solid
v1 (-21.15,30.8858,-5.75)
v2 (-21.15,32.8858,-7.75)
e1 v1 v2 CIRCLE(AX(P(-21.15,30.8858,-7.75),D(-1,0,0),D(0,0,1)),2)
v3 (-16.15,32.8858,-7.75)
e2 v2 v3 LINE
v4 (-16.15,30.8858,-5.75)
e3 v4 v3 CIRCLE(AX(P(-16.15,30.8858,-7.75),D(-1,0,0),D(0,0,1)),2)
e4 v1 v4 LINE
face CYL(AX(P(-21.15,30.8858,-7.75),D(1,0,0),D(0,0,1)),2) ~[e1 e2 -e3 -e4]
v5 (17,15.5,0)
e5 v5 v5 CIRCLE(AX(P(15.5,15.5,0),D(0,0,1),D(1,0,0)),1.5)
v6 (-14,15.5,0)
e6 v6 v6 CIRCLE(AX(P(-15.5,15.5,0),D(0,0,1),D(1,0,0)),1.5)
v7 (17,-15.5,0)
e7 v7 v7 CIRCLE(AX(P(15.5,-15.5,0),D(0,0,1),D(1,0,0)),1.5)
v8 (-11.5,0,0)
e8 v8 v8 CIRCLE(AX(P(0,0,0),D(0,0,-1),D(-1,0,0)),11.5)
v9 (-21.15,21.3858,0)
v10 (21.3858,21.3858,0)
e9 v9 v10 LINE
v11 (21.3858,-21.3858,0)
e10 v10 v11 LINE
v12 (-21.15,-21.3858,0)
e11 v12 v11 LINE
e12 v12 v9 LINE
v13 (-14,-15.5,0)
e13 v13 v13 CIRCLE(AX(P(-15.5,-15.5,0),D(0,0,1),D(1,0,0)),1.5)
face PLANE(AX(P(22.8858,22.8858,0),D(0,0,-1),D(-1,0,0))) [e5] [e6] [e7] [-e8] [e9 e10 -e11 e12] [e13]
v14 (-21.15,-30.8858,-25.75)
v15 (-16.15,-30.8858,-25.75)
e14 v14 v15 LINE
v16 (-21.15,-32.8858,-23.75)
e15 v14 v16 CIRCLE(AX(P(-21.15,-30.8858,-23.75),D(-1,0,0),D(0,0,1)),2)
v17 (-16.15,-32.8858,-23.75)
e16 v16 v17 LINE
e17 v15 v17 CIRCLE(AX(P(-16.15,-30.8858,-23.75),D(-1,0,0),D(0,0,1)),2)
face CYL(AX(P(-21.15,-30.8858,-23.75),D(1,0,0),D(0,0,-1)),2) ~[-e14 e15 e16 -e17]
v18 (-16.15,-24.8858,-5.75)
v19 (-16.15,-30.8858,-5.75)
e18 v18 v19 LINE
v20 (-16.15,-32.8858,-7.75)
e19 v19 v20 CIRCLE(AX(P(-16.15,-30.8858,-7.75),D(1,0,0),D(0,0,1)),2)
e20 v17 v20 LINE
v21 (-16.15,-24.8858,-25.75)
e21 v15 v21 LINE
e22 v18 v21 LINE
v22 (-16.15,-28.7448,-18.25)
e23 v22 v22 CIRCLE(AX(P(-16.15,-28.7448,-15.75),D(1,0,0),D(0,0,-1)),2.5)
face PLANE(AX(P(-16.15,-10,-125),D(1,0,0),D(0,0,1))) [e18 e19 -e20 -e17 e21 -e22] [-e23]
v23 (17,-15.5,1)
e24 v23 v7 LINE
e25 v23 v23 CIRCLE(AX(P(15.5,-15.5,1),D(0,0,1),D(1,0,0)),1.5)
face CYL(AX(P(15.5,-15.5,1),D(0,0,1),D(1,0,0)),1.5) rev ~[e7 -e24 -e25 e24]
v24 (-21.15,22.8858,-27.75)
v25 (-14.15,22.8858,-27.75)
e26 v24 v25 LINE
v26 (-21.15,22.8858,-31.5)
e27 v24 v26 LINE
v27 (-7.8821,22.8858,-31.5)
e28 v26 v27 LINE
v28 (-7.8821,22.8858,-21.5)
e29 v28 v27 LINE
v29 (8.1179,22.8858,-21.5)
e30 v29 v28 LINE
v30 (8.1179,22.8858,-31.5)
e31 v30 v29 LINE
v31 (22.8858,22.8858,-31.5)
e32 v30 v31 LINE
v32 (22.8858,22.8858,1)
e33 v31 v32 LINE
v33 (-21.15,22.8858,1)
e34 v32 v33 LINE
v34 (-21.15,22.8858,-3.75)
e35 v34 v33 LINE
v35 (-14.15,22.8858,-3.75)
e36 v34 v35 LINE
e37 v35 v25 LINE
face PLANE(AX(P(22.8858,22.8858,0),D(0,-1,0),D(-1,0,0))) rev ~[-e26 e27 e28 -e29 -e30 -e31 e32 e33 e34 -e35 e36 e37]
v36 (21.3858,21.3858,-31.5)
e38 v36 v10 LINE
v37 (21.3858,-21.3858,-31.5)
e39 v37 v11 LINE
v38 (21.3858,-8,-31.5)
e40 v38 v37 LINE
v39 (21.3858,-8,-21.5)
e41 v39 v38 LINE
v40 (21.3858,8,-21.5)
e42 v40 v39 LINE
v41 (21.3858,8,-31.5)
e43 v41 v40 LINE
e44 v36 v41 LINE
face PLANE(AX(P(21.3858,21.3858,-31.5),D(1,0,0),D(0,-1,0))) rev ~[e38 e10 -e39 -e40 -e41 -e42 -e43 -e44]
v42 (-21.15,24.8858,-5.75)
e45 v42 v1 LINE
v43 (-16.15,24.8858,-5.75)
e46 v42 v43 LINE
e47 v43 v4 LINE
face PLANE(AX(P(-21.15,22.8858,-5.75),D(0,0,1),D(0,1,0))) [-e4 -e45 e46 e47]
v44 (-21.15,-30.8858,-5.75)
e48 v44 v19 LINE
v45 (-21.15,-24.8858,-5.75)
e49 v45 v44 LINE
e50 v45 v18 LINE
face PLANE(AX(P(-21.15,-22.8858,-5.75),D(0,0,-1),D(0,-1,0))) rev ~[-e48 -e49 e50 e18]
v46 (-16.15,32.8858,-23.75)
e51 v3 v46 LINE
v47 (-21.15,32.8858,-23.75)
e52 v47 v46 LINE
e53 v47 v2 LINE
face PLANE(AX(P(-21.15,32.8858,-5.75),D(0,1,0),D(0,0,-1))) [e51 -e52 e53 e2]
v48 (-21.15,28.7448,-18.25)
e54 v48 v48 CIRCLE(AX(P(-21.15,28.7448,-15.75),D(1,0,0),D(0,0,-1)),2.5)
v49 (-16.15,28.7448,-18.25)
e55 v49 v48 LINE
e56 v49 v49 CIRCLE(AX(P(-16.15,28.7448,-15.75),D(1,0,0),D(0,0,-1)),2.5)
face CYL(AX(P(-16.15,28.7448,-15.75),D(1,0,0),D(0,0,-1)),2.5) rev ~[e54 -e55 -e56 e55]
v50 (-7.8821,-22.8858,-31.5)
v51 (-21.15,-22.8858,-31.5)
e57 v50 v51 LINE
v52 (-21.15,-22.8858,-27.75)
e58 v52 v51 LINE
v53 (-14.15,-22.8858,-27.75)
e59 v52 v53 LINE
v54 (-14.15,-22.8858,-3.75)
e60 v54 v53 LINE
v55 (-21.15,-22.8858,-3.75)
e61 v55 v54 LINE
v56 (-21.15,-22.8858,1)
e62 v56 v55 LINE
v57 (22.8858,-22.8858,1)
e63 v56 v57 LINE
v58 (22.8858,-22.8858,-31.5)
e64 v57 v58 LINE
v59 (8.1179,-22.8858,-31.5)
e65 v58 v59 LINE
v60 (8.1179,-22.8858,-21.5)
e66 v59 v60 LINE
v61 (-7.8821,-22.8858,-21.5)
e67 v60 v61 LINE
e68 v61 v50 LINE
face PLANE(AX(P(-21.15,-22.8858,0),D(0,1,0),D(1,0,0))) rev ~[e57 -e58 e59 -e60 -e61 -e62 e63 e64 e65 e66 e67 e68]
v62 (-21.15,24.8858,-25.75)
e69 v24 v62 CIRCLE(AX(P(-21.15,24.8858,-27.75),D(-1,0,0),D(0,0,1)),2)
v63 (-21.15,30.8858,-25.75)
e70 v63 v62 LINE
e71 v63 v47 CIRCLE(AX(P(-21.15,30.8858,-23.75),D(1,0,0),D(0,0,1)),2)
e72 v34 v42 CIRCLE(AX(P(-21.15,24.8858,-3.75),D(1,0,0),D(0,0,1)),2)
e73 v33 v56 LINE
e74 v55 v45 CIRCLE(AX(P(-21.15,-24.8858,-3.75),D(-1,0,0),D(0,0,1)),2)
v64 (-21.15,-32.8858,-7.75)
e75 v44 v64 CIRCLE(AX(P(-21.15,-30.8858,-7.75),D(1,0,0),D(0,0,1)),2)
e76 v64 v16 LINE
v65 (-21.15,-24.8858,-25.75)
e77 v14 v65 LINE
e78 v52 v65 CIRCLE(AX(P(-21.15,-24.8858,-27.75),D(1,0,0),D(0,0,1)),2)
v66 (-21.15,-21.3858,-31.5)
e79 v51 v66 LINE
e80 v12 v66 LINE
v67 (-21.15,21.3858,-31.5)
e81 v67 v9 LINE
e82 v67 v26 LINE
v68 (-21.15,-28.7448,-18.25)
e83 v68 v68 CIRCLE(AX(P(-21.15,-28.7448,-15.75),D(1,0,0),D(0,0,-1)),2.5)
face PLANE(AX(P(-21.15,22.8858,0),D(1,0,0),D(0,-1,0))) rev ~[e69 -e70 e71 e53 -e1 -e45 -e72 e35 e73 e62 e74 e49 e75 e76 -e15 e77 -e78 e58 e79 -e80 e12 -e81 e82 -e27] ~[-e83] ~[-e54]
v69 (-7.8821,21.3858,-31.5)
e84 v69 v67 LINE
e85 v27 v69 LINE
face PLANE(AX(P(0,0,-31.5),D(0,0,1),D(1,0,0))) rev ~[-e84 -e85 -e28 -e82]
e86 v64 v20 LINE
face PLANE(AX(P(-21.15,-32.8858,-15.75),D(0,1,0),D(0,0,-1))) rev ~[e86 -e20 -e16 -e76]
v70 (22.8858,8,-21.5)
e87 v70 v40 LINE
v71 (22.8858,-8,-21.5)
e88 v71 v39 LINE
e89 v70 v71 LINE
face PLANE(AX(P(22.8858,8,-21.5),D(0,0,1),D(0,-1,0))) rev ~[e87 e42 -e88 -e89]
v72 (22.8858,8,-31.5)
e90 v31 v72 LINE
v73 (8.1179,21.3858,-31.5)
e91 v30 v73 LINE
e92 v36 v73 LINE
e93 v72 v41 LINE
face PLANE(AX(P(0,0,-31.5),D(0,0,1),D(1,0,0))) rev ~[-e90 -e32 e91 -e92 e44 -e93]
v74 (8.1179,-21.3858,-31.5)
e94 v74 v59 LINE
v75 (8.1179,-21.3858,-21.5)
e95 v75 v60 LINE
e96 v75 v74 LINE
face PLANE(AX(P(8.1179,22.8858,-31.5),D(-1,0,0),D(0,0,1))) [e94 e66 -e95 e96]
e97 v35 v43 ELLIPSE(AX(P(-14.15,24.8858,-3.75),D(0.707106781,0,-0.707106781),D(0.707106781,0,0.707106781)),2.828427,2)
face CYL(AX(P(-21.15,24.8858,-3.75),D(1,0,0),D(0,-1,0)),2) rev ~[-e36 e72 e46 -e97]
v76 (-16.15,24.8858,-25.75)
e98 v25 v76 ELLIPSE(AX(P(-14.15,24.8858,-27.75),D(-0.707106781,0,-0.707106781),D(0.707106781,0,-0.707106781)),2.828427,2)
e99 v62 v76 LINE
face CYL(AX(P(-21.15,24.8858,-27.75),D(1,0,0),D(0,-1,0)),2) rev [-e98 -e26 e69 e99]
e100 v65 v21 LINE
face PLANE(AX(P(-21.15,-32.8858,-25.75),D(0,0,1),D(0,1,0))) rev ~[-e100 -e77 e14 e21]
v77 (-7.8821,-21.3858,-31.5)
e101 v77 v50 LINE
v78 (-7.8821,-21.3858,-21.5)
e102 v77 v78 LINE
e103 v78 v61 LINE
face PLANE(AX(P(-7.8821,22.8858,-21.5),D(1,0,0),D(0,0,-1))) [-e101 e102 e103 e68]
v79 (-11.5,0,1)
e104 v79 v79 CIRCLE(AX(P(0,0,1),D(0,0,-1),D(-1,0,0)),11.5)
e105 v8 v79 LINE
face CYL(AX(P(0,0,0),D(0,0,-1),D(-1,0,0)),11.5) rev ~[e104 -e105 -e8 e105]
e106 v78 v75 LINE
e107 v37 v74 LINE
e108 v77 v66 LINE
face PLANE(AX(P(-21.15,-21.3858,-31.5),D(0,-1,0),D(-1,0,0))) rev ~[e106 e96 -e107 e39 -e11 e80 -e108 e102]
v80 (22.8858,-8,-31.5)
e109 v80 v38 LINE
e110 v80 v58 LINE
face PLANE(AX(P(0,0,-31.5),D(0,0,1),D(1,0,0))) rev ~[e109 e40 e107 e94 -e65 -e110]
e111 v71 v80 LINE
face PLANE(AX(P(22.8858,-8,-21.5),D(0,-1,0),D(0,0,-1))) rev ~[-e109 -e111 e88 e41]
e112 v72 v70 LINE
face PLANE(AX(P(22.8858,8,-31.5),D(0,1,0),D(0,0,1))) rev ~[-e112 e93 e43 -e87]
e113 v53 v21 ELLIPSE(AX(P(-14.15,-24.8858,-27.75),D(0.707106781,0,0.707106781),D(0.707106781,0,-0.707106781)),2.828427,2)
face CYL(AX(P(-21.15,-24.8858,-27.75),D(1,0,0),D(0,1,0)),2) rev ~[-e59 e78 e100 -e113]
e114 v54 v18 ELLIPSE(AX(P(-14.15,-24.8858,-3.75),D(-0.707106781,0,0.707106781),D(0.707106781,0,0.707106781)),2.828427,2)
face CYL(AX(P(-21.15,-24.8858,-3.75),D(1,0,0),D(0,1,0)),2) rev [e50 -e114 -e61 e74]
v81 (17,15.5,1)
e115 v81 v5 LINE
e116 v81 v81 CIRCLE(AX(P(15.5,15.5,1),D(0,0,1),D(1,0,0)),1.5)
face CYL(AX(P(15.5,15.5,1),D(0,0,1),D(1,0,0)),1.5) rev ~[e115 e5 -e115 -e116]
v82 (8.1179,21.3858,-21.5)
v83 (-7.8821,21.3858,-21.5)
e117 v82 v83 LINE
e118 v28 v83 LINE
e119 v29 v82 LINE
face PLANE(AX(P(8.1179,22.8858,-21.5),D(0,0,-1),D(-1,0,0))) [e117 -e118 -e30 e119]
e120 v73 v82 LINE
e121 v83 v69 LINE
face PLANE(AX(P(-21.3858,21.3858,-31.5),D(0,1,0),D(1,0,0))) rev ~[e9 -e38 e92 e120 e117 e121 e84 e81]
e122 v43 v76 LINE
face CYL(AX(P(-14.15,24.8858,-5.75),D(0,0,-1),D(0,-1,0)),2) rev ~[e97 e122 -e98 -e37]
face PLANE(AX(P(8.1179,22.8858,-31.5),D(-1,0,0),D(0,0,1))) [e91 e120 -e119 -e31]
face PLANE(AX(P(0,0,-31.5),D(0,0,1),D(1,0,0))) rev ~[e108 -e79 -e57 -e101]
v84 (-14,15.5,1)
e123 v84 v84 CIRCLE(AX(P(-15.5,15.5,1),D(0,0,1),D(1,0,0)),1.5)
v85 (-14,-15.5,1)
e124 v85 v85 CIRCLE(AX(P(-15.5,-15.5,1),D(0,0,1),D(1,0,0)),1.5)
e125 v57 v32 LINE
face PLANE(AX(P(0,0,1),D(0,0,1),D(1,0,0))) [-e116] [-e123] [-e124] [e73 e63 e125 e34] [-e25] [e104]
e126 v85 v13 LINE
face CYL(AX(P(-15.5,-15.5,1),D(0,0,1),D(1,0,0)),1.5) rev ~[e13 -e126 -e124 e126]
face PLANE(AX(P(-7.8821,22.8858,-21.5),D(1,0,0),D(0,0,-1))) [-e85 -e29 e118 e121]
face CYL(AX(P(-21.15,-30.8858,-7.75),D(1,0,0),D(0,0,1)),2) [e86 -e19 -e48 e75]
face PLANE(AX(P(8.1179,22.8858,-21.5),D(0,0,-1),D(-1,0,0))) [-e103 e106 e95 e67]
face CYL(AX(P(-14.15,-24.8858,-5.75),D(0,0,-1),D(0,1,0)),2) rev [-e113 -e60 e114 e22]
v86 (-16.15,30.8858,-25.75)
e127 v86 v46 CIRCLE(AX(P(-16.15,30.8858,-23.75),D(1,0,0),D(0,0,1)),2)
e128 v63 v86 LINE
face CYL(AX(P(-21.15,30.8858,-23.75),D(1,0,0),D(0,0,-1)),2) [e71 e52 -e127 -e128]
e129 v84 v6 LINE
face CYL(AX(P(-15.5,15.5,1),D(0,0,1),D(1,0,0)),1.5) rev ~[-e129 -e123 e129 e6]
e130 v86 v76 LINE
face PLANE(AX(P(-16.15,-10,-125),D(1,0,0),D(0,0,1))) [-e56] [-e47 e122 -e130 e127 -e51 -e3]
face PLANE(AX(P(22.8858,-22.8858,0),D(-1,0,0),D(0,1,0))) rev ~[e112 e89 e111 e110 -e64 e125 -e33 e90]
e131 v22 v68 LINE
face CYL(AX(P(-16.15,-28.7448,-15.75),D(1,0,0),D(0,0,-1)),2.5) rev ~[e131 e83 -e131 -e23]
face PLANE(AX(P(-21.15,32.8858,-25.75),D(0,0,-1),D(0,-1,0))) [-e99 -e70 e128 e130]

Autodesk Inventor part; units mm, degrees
ref_plane "YZ Plane" through (0, 0, 0) normal (1, 0, 0) x (0, 1, 0)
ref_plane "XZ Plane" through (0, 0, 0) normal (0, 1, 0) x (-1, 0, 0)
sketch "Sketch1" plane through (0, 0, 0) normal (0, 0, 1) x (1, 0, 0)
  line L0 (20.0607, 17.4322) -> (17.4322, 20.0607) construction
  arc A0 (17.4322, 20.0607) -> (16.3716, 20.5) centre (16.3716, 19) ccw construction
  line L1 (16.3716, 20.5) -> (-16.3716, 20.5) construction
  arc A1 (-16.3716, 20.5) -> (-17.4322, 20.0607) centre (-16.3716, 19) ccw construction
  line L2 (-17.4322, 20.0607) -> (-20.0607, 17.4322) construction
  arc A2 (-20.0607, 17.4322) -> (-20.5, 16.3716) centre (-19, 16.3716) ccw construction
  line L3 (-20.5, 16.3716) -> (-20.5, -16.3716) construction
  arc A3 (-20.5, -16.3716) -> (-20.0607, -17.4322) centre (-19, -16.3716) ccw construction
  line L4 (-20.0607, -17.4322) -> (-17.4322, -20.0607) construction
  arc A4 (-17.4322, -20.0607) -> (-16.3716, -20.5) centre (-16.3716, -19) ccw construction
  line L5 (-16.3716, -20.5) -> (16.3716, -20.5) construction
  arc A5 (16.3716, -20.5) -> (17.4322, -20.0607) centre (16.3716, -19) ccw construction
  line L6 (17.4322, -20.0607) -> (20.0607, -17.4322) construction
  arc A6 (20.0607, -17.4322) -> (20.5, -16.3716) centre (19, -16.3716) ccw construction
  line L7 (20.5, -16.3716) -> (20.5, 16.3716) construction
  arc A7 (20.5, 16.3716) -> (20.0607, 17.4322) centre (19, 16.3716) ccw construction
  circle A8 centre (0, 0) radius 16.5 construction
  circle A9 centre (15.5, 15.5) radius 1.55 construction
  circle A10 centre (15.5, -15.5) radius 1.55 construction
  circle A11 centre (-15.5, -15.5) radius 1.55 construction
  circle A12 centre (-15.5, 15.5) radius 1.55 construction
  line L8 (0, 0) -> (-20.3858, 0) construction
  line L9 (-20.3858, 0) -> (-20.3858, -20.3858) construction
  line L10 (-20.3858, -20.3858) -> (0, -20.3858) construction
  line L11 (0, -20.3858) -> (0, 0) construction
  line L12 (0, 0) -> (-20.3858, 0) construction
  line L13 (-20.3858, 0) -> (-20.3858, 20.3858) construction
  line L14 (-20.3858, 20.3858) -> (0, 20.3858) construction
  line L15 (0, 20.3858) -> (0, 0) construction
  line L16 (0, 0) -> (20.3858, 0) construction
  line L17 (20.3858, 0) -> (20.3858, 20.3858) construction
  line L18 (20.3858, 20.3858) -> (0, 20.3858) construction
  line L19 (0, 20.3858) -> (0, 0) construction
  line L20 (0, 0) -> (20.3858, 0) construction
  line L21 (20.3858, 0) -> (20.3858, -20.3858) construction
  line L22 (20.3858, -20.3858) -> (0, -20.3858) construction
  line L23 (0, -20.3858) -> (0, 0) construction
  line L24 (-20.3858, -20.3858) -> (20.3858, -20.3858)
  line L25 (20.3858, -20.3858) -> (20.3858, 20.3858)
  line L26 (20.3858, 20.3858) -> (-20.3858, 20.3858)
  line L27 (-20.3858, 20.3858) -> (-20.3858, -20.3858)
  line L28 (-21.15, -107.4) -> (-21.15, 107.4) projected
  line L29 (-21.15, 22.8858) -> (22.8858, 22.8858)
  line L30 (22.8858, 22.8858) -> (22.8858, -22.8858)
  line L31 (22.8858, -22.8858) -> (-21.15, -22.8858)
  point P0 (0, 0)
  dimension "d0" = 2.5
ref_plane "Work Plane1" through (-21.15, -21.15, -31.5) normal (0, 0, -1) x (0, 1, 0)
extrude "Extrusion1" add sketch "Sketch1" against normal up to surface (31.5 mm away)
ref_plane "Work Plane2" through (-21.15, -10, -125) normal (1, 0, 0) x (0, 0, 1)
sketch "Sketch2" plane through (-21.15, -10, -125) normal (1, 0, 0) x (0, 0, 1)
  line L0 (125, 12.8858) -> (125, -32.8858) projected
  line L1 (93.5, 12.8858) -> (93.5, -32.8858) projected
  line L2 (125, -32.8858) -> (93.5, -32.8858) projected
  line L3 (125, 12.8858) -> (125, -32.8858) projected
  line L4 (125, 12.8858) -> (93.5, 12.8858) projected
  line L5 (125, -10) -> (93.5, -10) construction
  line L6 (109.25, 12.8858) -> (109.25, -32.8858) construction
  line L7 (109.25, -32.8858) -> (119.25, -32.8858) construction
  line L8 (119.25, -32.8858) -> (119.25, -42.8858)
  line L9 (119.25, -42.8858) -> (109.25, -42.8858)
  line L10 (109.25, -42.8858) -> (109.25, -32.8858) construction
  line L11 (109.25, -42.8858) -> (99.25, -42.8858)
  line L12 (99.25, -42.8858) -> (99.25, -32.8858)
  line L13 (99.25, -32.8858) -> (109.25, -32.8858) construction
  line L14 (109.25, -32.8858) -> (109.25, -42.8858) construction
  line L15 (125, 12.8858) -> (93.5, 12.8858)
  line L16 (119.25, 12.8858) -> (119.25, 22.8858)
  line L17 (119.25, 22.8858) -> (109.25, 22.8858)
  line L18 (109.25, 22.8858) -> (99.25, 22.8858)
  line L19 (99.25, 22.8858) -> (99.25, 12.8858)
  dimension "d3" = 10
  dimension "d4" = 10
  dimension "d5" = 10
  dimension "d6" = 10
extrude "Extrusion2" add sketch "Sketch2" along normal blind 5 contours L4 L19 L18 L17 L16 | L8 L9 L11 L12 L2
sketch "Sketch3" plane through (0, 0, 0) normal (0, 0, 1) x (1, 0, 0)
  line L0 (22.8858, 22.8858) -> (-21.15, 22.8858) projected
  line L1 (-21.15, 22.8858) -> (-21.15, -22.8858) projected
  line L2 (22.8858, 22.8858) -> (-21.15, 22.8858)
  line L3 (-21.15, 22.8858) -> (-21.15, -22.8858)
  line L4 (-21.15, -22.8858) -> (22.8858, -22.8858)
  line L5 (22.8858, -22.8858) -> (22.8858, 22.8858)
  circle A0 centre (-15.5, 15.5) radius 1.25 projected
  circle A1 centre (15.5, 15.5) radius 1.25 projected
  circle A2 centre (-15.5, -15.5) radius 1.25 projected
  circle A3 centre (15.5, -15.5) radius 1.25 projected
  circle A4 centre (0, 0) radius 11 projected
  point P0 (0, 0)
extrude "Extrusion3" add sketch "Sketch3" along normal blind 1
fillet "Fillet1" radius 2 10 edges at (-18.65, 22.8858, -25.75) (-18.65, 32.8858, -25.75) (-18.65, 32.8858, -5.75) (-18.65, 22.8858, -5.75) (-18.65, -22.8858, -25.75) (-18.65, -32.8858, -25.75) (-18.65, -32.8858, -5.75) (-18.65, -22.8858, -5.75) (-16.15, -22.8858, -15.75) (-16.15, 22.8858, -15.75)
sketch "Sketch4" plane through (-16.15, -10, -125) normal (1, 0, 0) x (0, 0, -1)
  arc A0 (-117.25, 42.8858) -> (-119.25, 40.8858) centre (-117.25, 40.8858) ccw projected
  line L0 (-119.25, 40.8858) -> (-119.25, 34.8858) projected
  line L1 (-99.25, 34.8858) -> (-119.25, 34.8858) projected
  line L2 (-99.25, 34.8858) -> (-99.25, 40.8858) projected
  arc A1 (-99.25, 40.8858) -> (-101.25, 42.8858) centre (-101.25, 40.8858) ccw projected
  line L3 (-101.25, 42.8858) -> (-117.25, 42.8858) projected
  arc A2 (-119.25, -20.8858) -> (-117.25, -22.8858) centre (-117.25, -20.8858) ccw projected
  line L4 (-117.25, -22.8858) -> (-101.25, -22.8858) projected
  arc A3 (-101.25, -22.8858) -> (-99.25, -20.8858) centre (-101.25, -20.8858) ccw projected
  line L5 (-99.25, -20.8858) -> (-99.25, -14.8858) projected
  line L6 (-119.25, -14.8858) -> (-99.25, -14.8858) projected
  line L7 (-119.25, -14.8858) -> (-119.25, -20.8858) projected
  circle A4 centre (-109.25, 38.7448) radius 2.5
  line L8 (-215.88, 9.0017) -> (215.88, 9.0017) construction
  line L9 (-126, 32.8858) -> (-126, -12.8858) construction
  line L10 (-126, 10) -> (-93.5, 10) construction
  line L11 (-93.5, 32.8858) -> (-93.5, -12.8858) construction
  circle A5 centre (-109.25, -18.7448) radius 2.5
  point P0 (-125, 10)
  dimension "d12" = 5
extrude "Extrusion4" cut sketch "Sketch4" against normal up to surface (5 mm away) contours A4 | A5
sketch "Sketch5" plane through (0, 0, 0) normal (0, 0, -1) x (-1, 0, 0)
  circle A0 centre (0, 0) radius 11 projected
  circle A1 centre (0, 0) radius 11.5
  point P0 (0, 0)
  dimension "d15" = 0.5
extrude "Extrusion5" cut sketch "Sketch5" against normal up to surface (1 mm away) contours A0 | A1
sketch "Sketch6" plane through (22.8858, 22.8858, -31.5) normal (0, 0, -1) x (-1, 0, 0)
  line L0 (43.2716, -2.5) -> (2.5, -2.5) projected
  line L1 (43.2716, -43.2716) -> (43.2716, -2.5) projected
  line L2 (2.5, -43.2716) -> (43.2716, -43.2716) projected
  line L3 (2.5, -2.5) -> (2.5, -43.2716) projected
  line L4 (44.0358, 0) -> (44.0358, -45.7716) projected
  line L5 (0, 0) -> (44.0358, 0) projected
  line L6 (0, -45.7716) -> (0, 0) projected
  line L7 (44.0358, -45.7716) -> (0, -45.7716) projected
  line L8 (1.5, -44.2716) -> (44.2716, -44.2716)
  line L9 (44.2716, -44.2716) -> (44.2716, -1.5)
  line L10 (44.2716, -1.5) -> (1.5, -1.5)
  line L11 (1.5, -1.5) -> (1.5, -44.2716)
  line L12 (44.2716, -44.2716) -> (44.0358, -44.2716)
  line L13 (44.2716, -1.5) -> (44.0358, -1.5)
  point P0 (22.8858, -22.8858)
  dimension "d18" = 1
extrude "Extrusion6" cut sketch "Sketch6" against normal up to surface (31.5 mm away) contours L10 L9 L8 L4 | L4 L8 L11 L10
sketch "Sketch7" plane through (22.8858, -22.8858, -31.5) normal (1, 0, 0) x (0, 0, -1)
  line L0 (-10, 30.8858) -> (-10, 14.8858)
  line L1 (-10, 14.8858) -> (0, 14.8858)
  line L2 (0, 30.8858) -> (-10, 30.8858)
  line L3 (0, 1.5) -> (0, 44.2716) projected
  line L4 (-10, 30.8858) -> (0, 22.8858) construction
  line L5 (-10, 14.8858) -> (0, 22.8858) construction
  point P0 (-31.5, 22.8858)
  dimension "d21" = 16
extrude "Extrusion7" cut sketch "Sketch7" against normal up to surface (1.5 mm away)
sketch "Sketch8" plane through (-21.15, 22.8858, -31.5) normal (0, 1, 0) x (1, 0, 0)
  line L0 (29.2679, 0) -> (29.2679, -10)
  line L1 (29.2679, -10) -> (13.2679, -10)
  line L2 (13.2679, -10) -> (13.2679, 0)
  line L3 (42.5358, 0) -> (0, 0) projected
  line L4 (21.2679, 0) -> (29.2679, -10) construction
  line L5 (21.2679, 0) -> (13.2679, -10) construction
  point P0 (21.15, -31.5)
extrude "Extrusion8" cut sketch "Sketch8" against normal up to surface (45.7716 mm away)
sketch "Sketch9" plane through (0, 0, 1) normal (0, 0, 1) x (1, 0, 0)
  circle A0 centre (0, 0) radius 11.5 projected
  line L0 (22.8858, 22.8858) -> (-21.15, 22.8858) projected
  line L1 (-21.15, 22.8858) -> (-21.15, -22.8858) projected
  line L2 (-21.15, -22.8858) -> (22.8858, -22.8858) projected
  line L3 (22.8858, -22.8858) -> (22.8858, 22.8858) projected
  circle A1 centre (15.5, -15.5) radius 1.25 projected
  circle A2 centre (-15.5, -15.5) radius 1.25 projected
  circle A3 centre (15.5, 15.5) radius 1.25 projected
  circle A4 centre (-15.5, 15.5) radius 1.25 projected
  circle A5 centre (-15.5, 15.5) radius 1.5
  circle A6 centre (15.5, 15.5) radius 1.5
  circle A7 centre (15.5, -15.5) radius 1.5
  circle A8 centre (-15.5, -15.5) radius 1.5
  point P0 (0, 0)
  dimension "d29" = 0.25
  dimension "d30" = 0.25
  dimension "d31" = 0.25
  dimension "d32" = 0.25
extrude "Extrusion9" cut sketch "Sketch9" against normal up to surface (1 mm away) contours A1 | A2 | A3 | A5 | A6 | A7 | A8
properties part number "Nema17WheelMotorMountoffset"
